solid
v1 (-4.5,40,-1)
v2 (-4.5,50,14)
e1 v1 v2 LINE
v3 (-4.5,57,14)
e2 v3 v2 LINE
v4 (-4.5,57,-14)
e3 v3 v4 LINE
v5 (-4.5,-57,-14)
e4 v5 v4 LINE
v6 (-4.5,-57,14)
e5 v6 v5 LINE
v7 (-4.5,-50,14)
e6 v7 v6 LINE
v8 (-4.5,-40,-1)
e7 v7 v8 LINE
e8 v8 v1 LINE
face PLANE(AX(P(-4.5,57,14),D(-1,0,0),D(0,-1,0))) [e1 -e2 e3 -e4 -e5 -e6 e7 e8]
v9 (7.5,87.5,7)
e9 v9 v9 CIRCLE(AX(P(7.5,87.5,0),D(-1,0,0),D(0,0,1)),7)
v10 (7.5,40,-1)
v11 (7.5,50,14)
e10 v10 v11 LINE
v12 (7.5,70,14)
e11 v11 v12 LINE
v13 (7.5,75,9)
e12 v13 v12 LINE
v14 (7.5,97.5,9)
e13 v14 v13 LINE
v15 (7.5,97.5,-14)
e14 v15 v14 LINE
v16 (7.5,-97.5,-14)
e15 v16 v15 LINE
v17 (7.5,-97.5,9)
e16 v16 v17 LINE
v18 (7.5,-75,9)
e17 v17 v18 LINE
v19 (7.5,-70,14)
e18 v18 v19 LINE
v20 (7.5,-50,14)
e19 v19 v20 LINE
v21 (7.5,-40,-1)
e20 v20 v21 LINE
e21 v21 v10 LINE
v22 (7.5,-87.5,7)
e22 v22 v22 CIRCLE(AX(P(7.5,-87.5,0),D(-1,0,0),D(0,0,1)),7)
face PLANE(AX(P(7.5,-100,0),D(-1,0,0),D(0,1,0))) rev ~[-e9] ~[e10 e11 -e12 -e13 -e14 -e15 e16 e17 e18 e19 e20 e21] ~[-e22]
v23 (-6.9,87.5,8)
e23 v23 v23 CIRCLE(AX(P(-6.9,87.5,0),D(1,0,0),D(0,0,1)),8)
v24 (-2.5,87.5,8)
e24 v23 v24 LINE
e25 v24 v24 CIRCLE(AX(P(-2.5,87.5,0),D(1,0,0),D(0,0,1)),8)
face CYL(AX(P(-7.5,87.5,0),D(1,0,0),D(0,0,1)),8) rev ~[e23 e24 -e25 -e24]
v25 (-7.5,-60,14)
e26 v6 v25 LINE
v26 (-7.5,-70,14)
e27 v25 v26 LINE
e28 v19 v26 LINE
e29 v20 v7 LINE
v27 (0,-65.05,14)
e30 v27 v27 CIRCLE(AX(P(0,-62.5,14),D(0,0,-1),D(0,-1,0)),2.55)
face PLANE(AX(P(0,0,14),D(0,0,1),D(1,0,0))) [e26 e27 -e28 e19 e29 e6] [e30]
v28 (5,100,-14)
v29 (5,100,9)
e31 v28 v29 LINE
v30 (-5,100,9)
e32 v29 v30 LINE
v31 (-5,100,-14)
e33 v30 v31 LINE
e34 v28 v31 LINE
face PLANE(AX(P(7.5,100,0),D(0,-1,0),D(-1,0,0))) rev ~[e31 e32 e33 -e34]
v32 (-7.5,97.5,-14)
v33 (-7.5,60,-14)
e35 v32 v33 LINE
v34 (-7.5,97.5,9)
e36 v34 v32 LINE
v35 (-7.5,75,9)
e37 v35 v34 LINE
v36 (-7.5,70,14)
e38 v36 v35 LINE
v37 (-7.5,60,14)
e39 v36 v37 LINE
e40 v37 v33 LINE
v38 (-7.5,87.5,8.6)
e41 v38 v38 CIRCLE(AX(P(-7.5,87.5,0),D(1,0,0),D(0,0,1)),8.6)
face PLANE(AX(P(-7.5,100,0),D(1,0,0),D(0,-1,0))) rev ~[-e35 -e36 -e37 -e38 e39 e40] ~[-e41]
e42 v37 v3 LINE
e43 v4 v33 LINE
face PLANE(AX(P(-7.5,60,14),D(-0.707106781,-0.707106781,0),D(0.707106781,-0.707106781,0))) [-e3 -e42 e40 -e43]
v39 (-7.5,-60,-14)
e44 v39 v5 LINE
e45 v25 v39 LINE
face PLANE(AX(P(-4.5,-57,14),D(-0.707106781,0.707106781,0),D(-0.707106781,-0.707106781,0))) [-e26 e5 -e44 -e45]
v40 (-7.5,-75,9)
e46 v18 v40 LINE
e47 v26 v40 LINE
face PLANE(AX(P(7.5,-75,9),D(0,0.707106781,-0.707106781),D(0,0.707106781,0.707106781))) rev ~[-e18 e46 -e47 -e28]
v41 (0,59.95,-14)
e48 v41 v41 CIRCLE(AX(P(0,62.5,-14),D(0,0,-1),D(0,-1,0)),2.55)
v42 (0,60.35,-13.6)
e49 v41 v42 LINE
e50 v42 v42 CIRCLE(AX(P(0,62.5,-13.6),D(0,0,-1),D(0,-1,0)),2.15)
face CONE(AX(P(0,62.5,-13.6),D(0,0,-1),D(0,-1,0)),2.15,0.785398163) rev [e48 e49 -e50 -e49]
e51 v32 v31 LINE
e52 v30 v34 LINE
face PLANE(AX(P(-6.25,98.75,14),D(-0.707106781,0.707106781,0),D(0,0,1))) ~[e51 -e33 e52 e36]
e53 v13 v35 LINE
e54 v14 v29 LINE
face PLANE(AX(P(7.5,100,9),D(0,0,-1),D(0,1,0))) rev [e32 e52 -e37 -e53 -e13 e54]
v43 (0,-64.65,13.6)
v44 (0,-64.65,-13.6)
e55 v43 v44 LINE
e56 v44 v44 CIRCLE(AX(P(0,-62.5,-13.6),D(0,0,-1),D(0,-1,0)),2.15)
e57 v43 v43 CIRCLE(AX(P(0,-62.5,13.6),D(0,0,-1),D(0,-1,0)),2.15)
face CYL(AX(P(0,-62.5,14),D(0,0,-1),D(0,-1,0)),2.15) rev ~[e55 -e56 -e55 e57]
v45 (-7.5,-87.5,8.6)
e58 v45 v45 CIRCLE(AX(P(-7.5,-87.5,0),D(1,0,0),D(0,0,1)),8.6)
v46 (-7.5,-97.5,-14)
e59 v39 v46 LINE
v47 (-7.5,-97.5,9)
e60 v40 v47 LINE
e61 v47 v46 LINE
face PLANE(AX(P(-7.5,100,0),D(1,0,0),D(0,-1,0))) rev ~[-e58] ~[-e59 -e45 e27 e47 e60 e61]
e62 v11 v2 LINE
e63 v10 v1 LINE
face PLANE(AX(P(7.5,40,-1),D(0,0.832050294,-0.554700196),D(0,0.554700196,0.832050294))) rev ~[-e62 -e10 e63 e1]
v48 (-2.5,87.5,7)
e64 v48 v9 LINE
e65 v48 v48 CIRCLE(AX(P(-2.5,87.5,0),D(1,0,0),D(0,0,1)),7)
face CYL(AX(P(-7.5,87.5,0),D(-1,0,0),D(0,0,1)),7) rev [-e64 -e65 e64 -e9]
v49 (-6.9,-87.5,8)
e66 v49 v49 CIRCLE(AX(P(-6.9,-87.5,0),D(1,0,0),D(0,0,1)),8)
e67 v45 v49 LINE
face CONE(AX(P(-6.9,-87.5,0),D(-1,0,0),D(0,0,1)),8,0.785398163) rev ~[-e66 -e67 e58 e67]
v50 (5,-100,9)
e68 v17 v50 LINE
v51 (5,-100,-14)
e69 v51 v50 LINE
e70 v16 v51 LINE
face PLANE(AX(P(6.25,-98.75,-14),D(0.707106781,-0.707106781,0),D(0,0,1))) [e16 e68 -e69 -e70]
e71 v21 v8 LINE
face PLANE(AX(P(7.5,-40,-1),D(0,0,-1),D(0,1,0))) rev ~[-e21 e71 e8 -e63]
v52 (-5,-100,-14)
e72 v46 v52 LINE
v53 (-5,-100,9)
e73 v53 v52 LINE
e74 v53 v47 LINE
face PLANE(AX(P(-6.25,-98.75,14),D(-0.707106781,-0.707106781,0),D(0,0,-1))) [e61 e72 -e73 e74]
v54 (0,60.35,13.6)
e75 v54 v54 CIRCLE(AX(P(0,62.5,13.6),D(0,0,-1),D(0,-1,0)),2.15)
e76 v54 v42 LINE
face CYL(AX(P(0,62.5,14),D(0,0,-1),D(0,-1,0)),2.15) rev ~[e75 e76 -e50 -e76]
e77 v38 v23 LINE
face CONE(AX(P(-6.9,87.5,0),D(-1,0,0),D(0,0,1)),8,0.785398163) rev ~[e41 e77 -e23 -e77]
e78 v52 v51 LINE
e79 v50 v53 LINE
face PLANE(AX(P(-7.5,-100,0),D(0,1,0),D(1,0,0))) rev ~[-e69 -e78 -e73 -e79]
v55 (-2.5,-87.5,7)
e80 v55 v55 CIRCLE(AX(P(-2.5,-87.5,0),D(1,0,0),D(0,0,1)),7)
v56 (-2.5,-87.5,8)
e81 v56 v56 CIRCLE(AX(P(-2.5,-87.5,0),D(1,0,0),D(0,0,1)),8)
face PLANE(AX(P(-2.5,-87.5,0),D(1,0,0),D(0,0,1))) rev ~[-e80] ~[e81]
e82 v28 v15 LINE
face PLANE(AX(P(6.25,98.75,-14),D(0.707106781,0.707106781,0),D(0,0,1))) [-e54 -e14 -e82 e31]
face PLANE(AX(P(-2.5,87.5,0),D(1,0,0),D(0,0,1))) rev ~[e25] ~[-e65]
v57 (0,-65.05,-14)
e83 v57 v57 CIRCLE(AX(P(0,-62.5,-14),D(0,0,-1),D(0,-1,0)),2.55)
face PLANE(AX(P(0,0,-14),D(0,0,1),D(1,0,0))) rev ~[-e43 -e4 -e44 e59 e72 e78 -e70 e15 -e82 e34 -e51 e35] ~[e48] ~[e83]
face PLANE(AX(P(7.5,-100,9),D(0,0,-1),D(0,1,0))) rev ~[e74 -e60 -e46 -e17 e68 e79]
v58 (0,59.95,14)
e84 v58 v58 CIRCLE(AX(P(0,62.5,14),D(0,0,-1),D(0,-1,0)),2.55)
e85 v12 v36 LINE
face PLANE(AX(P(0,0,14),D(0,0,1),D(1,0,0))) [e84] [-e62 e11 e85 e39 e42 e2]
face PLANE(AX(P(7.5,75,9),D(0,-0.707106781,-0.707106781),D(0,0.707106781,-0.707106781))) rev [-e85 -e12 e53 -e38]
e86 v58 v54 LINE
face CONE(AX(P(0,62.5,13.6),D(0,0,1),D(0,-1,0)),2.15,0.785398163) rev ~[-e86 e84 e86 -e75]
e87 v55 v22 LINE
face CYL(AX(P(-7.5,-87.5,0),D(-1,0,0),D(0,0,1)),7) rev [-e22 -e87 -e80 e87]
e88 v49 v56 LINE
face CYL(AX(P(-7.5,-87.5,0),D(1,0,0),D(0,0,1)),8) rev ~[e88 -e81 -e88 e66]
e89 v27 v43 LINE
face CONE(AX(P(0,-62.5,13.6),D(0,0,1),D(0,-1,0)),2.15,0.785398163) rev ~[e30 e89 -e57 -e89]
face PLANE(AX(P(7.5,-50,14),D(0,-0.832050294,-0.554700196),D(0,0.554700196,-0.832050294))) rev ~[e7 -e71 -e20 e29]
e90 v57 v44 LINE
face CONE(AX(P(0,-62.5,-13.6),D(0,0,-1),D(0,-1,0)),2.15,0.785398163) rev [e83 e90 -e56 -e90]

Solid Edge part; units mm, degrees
sketch "Sketch1" plane through (0, 0, 0) normal (0, 0, 1) x (1, 0, 0)
  line L0 (-7.5, -100) -> (7.5, -100)
  line L1 (7.5, -100) -> (7.5, 100)
  line L2 (7.5, 100) -> (-7.5, 100)
  line L3 (-7.5, 100) -> (-7.5, -100)
  dimension "D1" = 15
  dimension "D2" = 200
extrude "Protrusion1" add sketch "Sketch1" along normal mid plane 28
hole "Hole_1" at (-7.5, 87.5, 0) direction (1, 0, 0) diameter 14 end up to next counterbore diameter 16 counterbore depth 5 start chamfer 0.6 start chamfer angle 45
hole "Hole1" at (-7.5, -87.5, 0) direction (1, 0, 0) diameter 14 end up to next counterbore diameter 16 counterbore depth 5 start chamfer 0.6 start chamfer angle 45
hole "Hole_3" at (0, 62.5, 14) direction (0, 0, -1) diameter 4.3 depth 30 tip angle 118 start chamfer 0.4 start chamfer angle 45 end chamfer 0.4 end chamfer angle 45
hole "Hole2" at (0, -62.5, 14) direction (0, 0, -1) diameter 4.3 depth 30 tip angle 118 start chamfer 0.4 start chamfer angle 45 end chamfer 0.4 end chamfer angle 45
sketch "Sketch2" plane through (0, 0, 14) normal (0, 0, 1) x (0, -1, 0)
  line L0 (-60, -7.5) -> (-57, -4.5)
  line L1 (-57, -4.5) -> (57, -4.5)
  line L2 (57, -4.5) -> (60, -7.5)
  line L3 (60, -7.5) -> (-60, -7.5)
  dimension "D1" = 120
  dimension "D2" = 3
extrude "Cutout1" cut sketch "Sketch2" against normal up to next
chamfer "Chamfer_1" distance 2.5 angle 45 4 edges at (-7.5, 100, 0) (7.5, 100, 0) (-7.5, -100, 0) (7.5, -100, 0)
sketch "Sketch3" plane through (7.5, 0, 0) normal (1, 0, 0) x (0, 1, 0)
  line L0 (-100, 9) -> (-75, 9)
  line L1 (-75, 9) -> (-70, 14)
  line L2 (-70, 14) -> (-100, 14)
  line L3 (-100, 14) -> (-100, 9)
  dimension "D1" = 30
  dimension "D2" = 5
  dimension "D3" = 25
extrude "Cutout2" cut sketch "Sketch3" against normal up to next
mirror "Mirror1" about plane through (0, 0, 0) normal (0, -1, 0) of "Cutout2"
sketch "Sketch4" plane through (7.5, 0, 0) normal (1, 0, 0) x (0, 1, 0)
  line L0 (-50, 14) -> (-40, -1)
  line L1 (-40, -1) -> (40, -1)
  line L2 (40, -1) -> (50, 14)
  line L3 (50, 14) -> (-50, 14)
  dimension "D1" = 100
  dimension "D2" = 80
  dimension "D3" = 15
extrude "Cutout3" cut sketch "Sketch4" against normal up to next
properties material "Polyethylene, low density"
